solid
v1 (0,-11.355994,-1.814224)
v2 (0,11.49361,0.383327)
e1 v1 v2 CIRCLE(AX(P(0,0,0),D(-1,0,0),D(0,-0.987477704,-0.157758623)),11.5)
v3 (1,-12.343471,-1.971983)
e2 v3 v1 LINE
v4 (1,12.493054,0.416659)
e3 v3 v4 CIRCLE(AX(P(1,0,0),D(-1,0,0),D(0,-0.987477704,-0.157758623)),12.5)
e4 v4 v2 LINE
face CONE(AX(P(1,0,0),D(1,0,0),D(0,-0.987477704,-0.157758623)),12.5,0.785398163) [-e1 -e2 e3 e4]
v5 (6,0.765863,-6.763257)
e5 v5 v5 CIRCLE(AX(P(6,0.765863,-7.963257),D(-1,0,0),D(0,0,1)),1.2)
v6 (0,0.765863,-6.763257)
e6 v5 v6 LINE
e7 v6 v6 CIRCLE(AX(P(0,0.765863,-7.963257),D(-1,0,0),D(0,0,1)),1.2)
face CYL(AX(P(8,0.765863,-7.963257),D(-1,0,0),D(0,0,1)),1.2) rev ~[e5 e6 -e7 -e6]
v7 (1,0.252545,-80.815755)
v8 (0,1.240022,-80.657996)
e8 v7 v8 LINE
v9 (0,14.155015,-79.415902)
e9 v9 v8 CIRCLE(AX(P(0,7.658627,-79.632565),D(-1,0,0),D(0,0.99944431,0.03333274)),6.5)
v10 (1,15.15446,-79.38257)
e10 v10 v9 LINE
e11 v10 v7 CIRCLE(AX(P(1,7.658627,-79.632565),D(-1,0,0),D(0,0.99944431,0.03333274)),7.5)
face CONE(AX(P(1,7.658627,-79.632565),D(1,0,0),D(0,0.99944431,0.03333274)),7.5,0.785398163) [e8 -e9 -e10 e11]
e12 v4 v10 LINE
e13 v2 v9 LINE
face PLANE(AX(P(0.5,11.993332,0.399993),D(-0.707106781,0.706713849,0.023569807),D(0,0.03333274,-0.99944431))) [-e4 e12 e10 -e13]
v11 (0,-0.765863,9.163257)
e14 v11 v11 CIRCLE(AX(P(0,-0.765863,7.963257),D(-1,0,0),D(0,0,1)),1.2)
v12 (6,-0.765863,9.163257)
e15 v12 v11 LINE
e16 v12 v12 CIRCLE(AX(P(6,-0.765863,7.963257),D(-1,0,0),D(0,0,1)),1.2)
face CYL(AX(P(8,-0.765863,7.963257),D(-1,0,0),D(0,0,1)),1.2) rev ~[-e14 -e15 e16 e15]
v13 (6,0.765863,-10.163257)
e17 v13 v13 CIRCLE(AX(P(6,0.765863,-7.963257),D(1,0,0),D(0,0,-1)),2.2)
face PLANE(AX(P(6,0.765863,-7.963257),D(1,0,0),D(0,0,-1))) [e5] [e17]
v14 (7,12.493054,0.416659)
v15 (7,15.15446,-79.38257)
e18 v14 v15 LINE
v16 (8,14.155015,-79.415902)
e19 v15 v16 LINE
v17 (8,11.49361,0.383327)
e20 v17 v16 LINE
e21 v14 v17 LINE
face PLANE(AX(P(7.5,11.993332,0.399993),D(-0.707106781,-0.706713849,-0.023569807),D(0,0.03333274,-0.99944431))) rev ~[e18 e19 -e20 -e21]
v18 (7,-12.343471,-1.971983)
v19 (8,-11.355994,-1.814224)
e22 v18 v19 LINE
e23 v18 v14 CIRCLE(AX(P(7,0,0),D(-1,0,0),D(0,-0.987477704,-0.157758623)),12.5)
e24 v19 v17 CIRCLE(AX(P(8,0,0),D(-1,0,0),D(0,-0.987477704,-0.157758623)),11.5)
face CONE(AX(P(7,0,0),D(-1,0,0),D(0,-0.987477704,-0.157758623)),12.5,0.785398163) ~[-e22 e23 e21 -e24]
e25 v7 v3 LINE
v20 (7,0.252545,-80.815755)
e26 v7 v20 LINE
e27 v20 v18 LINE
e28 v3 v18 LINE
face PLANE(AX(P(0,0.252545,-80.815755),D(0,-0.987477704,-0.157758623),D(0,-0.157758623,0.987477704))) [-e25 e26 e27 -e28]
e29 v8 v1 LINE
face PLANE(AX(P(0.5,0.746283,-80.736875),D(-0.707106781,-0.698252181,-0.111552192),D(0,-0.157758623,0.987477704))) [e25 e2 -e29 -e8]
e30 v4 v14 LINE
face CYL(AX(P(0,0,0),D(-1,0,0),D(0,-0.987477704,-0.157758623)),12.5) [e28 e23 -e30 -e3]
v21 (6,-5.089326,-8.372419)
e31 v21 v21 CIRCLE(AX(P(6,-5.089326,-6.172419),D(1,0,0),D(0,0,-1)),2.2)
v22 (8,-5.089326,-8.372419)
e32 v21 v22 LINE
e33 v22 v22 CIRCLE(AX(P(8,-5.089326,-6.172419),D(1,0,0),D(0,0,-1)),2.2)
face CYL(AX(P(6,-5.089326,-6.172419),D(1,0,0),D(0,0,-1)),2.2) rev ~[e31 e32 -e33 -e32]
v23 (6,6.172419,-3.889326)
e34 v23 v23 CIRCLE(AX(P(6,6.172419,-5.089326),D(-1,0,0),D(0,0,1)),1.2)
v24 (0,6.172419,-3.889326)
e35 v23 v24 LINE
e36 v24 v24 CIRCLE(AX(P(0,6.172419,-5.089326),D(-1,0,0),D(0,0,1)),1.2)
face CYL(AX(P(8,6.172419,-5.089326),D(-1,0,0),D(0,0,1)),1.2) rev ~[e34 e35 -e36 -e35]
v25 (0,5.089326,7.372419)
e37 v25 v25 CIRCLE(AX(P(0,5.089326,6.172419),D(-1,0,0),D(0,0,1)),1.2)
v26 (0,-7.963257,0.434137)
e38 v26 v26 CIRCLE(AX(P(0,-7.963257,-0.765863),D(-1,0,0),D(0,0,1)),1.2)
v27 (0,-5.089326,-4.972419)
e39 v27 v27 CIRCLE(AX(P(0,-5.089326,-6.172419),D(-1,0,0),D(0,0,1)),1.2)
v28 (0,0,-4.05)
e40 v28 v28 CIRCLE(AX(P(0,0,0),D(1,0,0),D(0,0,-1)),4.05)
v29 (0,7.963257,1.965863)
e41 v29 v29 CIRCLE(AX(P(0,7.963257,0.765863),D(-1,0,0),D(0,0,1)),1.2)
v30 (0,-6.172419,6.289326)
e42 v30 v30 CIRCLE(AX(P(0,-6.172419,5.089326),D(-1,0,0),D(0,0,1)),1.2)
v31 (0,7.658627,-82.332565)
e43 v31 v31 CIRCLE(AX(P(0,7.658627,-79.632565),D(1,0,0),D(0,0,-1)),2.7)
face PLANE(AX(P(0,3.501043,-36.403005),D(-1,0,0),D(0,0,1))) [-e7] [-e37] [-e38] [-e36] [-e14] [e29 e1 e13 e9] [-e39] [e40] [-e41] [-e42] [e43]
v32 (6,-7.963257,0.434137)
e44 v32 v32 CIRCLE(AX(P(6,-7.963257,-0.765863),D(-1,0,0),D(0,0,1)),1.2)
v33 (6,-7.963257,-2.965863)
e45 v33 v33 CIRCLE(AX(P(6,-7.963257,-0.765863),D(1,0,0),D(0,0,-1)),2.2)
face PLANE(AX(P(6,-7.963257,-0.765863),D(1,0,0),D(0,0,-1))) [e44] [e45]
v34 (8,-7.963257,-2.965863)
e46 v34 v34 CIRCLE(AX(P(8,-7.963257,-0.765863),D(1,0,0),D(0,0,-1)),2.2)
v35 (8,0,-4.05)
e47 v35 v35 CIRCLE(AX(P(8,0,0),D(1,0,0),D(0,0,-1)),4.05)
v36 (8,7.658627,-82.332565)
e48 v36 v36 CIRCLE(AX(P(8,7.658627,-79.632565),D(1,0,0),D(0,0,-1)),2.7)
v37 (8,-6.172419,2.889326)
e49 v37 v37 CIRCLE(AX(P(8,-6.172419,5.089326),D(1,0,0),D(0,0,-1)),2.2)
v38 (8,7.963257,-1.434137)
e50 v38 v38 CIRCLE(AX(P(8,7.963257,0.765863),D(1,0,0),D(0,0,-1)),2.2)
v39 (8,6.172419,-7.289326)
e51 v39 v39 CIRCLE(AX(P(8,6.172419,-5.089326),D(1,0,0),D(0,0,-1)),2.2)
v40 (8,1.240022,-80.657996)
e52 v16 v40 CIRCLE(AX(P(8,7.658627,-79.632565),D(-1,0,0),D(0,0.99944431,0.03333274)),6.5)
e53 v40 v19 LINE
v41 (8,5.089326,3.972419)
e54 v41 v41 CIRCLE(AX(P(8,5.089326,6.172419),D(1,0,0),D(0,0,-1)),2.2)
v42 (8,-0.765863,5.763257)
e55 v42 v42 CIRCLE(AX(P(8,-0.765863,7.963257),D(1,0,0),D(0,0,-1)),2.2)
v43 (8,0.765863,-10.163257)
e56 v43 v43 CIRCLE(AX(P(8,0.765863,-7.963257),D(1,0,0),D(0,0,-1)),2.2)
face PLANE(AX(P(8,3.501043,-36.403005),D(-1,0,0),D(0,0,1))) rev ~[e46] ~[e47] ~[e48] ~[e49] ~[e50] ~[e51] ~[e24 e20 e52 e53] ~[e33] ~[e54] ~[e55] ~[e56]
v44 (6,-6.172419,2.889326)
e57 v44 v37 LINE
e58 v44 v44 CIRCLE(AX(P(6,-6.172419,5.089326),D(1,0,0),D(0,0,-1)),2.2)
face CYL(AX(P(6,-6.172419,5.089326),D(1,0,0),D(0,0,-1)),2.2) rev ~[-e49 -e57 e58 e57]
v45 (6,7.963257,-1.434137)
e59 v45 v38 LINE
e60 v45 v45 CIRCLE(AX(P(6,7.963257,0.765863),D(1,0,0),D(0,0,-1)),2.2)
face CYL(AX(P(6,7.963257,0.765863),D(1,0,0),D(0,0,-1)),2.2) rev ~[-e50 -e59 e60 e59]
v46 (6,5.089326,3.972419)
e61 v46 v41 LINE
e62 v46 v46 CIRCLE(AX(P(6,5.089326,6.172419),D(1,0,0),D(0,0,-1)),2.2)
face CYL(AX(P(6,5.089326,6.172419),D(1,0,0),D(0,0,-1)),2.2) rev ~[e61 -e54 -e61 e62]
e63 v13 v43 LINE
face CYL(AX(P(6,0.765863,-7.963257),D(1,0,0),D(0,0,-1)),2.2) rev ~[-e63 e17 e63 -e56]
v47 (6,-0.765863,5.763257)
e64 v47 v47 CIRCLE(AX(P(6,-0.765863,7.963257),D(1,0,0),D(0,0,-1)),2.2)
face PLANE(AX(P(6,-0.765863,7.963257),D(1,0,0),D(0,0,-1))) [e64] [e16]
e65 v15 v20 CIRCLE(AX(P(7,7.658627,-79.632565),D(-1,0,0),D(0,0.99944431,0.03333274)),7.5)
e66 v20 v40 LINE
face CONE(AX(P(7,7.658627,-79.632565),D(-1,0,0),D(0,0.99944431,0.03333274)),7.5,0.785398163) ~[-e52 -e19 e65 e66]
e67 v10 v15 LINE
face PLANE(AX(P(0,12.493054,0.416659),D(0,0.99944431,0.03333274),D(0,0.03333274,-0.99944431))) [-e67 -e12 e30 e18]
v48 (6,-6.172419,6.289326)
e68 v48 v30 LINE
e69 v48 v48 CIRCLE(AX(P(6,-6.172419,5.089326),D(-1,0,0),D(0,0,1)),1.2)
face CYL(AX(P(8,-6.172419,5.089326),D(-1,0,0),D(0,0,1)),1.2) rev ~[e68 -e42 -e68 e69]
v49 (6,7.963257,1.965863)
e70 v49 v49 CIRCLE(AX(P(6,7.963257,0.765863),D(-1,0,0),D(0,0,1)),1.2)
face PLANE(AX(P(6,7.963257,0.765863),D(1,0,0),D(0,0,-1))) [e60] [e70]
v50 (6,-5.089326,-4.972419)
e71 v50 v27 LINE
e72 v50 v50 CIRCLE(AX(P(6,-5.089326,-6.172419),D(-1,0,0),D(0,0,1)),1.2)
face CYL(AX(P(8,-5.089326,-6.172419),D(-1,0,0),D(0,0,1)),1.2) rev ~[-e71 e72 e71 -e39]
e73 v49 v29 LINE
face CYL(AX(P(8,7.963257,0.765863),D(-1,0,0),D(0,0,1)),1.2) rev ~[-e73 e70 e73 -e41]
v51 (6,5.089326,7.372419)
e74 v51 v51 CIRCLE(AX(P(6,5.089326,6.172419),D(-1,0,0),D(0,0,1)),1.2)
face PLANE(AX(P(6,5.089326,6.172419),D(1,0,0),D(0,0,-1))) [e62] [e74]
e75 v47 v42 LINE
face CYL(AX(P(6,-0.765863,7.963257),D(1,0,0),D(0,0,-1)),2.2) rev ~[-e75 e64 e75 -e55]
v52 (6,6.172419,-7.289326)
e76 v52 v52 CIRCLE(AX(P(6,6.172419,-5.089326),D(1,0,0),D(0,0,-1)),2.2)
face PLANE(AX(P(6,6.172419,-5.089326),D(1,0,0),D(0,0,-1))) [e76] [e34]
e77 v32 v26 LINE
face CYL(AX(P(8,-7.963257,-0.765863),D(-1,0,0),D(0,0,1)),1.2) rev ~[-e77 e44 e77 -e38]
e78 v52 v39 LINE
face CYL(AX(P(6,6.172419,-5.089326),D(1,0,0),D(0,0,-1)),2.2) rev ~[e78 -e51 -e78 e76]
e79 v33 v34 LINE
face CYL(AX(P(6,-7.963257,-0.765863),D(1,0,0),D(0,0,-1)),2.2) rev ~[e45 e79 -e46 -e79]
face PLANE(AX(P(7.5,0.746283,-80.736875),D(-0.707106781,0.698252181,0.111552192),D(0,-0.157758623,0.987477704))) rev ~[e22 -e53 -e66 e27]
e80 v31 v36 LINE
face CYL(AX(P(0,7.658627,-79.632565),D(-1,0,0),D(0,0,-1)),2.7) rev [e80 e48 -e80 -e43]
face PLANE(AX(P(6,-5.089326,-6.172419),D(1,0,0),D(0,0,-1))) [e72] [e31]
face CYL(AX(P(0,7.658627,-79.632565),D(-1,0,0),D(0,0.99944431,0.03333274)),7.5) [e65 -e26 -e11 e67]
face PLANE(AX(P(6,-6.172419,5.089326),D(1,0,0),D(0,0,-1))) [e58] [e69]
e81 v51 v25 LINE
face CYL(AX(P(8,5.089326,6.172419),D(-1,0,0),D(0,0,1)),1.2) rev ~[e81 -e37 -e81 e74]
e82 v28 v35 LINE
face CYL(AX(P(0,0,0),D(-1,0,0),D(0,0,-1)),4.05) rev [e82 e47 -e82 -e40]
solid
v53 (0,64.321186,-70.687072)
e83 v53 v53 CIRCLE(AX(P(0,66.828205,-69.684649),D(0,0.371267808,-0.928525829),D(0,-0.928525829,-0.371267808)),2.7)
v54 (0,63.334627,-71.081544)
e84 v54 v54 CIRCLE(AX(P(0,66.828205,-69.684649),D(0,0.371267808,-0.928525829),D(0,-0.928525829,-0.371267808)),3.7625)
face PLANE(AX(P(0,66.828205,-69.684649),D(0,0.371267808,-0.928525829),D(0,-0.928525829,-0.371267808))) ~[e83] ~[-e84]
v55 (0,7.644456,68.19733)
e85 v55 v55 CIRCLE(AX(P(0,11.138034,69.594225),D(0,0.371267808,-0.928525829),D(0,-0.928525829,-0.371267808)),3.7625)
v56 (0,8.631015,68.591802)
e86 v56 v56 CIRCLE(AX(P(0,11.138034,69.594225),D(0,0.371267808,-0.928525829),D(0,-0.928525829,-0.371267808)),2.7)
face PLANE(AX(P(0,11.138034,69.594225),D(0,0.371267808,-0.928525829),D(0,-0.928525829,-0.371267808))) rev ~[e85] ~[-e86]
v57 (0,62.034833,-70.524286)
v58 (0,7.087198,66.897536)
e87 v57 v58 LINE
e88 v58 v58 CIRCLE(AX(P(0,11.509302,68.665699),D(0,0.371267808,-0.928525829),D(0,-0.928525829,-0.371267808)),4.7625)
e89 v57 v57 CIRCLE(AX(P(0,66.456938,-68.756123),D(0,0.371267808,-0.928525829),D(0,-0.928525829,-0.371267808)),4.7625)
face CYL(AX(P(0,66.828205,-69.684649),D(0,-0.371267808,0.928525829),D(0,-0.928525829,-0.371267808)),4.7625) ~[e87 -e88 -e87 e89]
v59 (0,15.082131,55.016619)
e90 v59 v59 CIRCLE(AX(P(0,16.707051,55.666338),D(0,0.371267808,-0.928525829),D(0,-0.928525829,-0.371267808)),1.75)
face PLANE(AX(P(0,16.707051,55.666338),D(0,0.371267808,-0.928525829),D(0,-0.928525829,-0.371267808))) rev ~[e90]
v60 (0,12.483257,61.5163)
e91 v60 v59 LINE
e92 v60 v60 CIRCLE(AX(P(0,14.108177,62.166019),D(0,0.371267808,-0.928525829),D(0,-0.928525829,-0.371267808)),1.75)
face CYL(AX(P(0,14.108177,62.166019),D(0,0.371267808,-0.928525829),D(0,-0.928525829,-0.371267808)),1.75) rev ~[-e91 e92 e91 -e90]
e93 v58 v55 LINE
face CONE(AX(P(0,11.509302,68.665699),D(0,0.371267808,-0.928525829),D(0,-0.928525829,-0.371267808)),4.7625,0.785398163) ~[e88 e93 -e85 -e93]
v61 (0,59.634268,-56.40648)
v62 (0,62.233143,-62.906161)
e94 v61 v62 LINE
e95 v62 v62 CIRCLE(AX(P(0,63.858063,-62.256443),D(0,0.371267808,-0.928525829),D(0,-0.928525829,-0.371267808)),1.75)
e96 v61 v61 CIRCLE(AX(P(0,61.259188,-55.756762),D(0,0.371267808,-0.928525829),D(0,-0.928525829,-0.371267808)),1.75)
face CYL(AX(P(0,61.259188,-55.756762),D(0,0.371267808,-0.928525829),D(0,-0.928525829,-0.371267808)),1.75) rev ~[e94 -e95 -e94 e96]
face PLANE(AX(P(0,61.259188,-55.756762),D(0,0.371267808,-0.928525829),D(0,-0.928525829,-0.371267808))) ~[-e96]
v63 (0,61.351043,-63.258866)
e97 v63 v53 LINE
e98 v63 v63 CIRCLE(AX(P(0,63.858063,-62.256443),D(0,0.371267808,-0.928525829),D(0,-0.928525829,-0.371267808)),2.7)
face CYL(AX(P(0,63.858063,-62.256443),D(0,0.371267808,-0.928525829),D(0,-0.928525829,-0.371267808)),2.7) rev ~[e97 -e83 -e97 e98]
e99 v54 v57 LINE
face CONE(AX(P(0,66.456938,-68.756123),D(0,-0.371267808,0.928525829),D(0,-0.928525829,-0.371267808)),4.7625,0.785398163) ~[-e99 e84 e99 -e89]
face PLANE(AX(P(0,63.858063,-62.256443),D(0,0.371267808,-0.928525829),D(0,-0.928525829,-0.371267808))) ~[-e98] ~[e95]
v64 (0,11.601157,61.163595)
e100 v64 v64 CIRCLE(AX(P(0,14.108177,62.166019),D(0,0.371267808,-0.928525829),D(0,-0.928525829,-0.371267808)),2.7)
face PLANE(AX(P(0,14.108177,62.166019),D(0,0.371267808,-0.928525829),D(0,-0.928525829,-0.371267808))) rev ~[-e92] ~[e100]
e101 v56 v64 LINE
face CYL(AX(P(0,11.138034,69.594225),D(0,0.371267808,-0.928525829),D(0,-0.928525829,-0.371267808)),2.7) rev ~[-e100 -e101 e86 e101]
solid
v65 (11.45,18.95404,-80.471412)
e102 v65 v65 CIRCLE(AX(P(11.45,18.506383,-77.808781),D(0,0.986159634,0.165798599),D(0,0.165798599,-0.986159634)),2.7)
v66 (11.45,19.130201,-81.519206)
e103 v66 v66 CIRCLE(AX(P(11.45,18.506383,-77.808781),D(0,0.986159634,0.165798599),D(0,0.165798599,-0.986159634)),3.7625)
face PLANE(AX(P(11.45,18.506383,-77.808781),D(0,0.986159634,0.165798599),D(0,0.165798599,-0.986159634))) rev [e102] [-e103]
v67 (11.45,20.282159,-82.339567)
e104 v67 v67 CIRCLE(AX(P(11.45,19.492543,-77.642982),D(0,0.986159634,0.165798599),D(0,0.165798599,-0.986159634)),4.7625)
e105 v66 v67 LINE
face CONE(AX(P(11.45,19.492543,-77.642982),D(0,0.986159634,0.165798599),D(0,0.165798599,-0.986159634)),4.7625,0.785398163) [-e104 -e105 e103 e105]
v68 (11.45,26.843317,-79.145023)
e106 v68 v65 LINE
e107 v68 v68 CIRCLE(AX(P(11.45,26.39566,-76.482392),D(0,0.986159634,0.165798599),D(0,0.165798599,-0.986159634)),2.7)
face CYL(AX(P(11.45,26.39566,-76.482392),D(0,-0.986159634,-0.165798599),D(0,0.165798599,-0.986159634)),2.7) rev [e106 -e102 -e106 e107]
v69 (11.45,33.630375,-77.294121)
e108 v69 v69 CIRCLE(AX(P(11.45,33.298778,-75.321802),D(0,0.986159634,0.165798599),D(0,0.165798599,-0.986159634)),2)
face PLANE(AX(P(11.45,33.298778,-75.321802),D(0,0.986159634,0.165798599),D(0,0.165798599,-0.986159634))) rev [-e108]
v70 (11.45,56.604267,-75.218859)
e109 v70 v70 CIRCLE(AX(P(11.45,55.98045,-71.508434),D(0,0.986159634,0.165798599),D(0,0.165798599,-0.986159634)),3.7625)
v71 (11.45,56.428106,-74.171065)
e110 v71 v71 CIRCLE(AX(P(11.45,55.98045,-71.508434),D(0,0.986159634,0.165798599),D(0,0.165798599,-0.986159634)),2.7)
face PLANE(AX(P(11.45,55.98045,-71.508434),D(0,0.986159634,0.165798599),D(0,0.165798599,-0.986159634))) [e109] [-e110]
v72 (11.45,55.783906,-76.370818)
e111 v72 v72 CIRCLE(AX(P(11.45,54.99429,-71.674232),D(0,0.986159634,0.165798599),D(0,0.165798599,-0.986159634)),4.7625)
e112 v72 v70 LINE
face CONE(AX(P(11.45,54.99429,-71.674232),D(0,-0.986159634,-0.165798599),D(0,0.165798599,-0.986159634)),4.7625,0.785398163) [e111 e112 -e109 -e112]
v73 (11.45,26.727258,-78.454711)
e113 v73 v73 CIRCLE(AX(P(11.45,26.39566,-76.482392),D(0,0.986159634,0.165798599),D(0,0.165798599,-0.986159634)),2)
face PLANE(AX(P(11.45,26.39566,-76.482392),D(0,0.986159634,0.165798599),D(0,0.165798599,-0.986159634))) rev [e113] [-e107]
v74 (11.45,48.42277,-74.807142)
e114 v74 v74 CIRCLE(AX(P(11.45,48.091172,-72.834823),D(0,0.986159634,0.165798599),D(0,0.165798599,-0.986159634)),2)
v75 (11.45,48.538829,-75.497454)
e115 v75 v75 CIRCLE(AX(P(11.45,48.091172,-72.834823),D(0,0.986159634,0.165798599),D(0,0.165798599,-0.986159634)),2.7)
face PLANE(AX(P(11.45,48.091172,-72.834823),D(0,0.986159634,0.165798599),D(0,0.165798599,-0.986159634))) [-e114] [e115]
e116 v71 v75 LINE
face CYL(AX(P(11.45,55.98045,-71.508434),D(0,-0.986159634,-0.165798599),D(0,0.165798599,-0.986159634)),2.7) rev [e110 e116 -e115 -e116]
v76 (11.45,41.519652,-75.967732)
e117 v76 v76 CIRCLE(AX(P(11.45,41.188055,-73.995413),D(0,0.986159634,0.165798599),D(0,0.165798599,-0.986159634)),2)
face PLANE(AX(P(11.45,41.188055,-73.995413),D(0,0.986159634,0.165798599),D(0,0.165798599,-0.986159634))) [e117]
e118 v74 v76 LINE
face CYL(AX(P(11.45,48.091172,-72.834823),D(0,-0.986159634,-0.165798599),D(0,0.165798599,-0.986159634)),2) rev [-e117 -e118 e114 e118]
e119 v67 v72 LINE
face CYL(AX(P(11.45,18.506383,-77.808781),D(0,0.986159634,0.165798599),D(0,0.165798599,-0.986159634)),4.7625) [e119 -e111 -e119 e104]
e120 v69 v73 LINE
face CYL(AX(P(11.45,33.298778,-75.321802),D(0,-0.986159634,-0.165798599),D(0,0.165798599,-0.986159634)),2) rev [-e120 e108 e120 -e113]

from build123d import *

# Parameters (mm, degrees)
SKETCH2_R                      = 4.05
SKETCH2_R_2                    = 2.7
BOSS_EXTRUDE1_DEPTH            = 8
CBORE_FOR_M2_SHCS1_D           = 2.4
CBORE_FOR_M2_SHCS1_CBORE_D     = 4.4
CBORE_FOR_M2_SHCS1_CBORE_DEPTH = 2
CHAMFER2_SIZE                  = 1
CHAMFER1_SIZE                  = 1
CHAMFER3_SIZE                  = 1


with BuildPart() as part:
    # Sketch2 → Boss-Extrude1 (new body)
    with BuildSketch(Plane(origin=(0, 0, 0), x_dir=(0, 0, -1), z_dir=(1, 0, 0))):
        with BuildLine():
            Line((-0.41665925, 12.493053873), (79.38256956, 15.154459739))
            ThreePointArc((79.38256956, 15.154459739), (87.09811809, 8.376623735), (80.815754783, 0.252544632))
            Line((80.815754783, 0.252544632), (1.971982788, -12.343471306))
            ThreePointArc((1.971982788, -12.343471306), (-12.442588299, -1.196660534), (-0.41665925, 12.493053873))
        make_face()
        Circle(SKETCH2_R, mode=Mode.SUBTRACT)
        with Locations((79.632565111, 7.658627415)):
            Circle(SKETCH2_R_2, mode=Mode.SUBTRACT)
    extrude(amount=BOSS_EXTRUDE1_DEPTH)

    # CBORE for M2 SHCS1 (through all)
    with Locations(Plane(origin=(8, 0, 0), x_dir=(0, 0, -1), z_dir=(1, 0, 0))):
        with Locations((7.963256511, 0.765862742), (6.172419417, -5.089325941), (0.765862742, -7.963256511), (-5.089325941, -6.172419417), (-7.963256511, -0.765862742), (-6.172419417, 5.089325941), (-0.765862742, 7.963256511), (5.089325941, 6.172419417)):
            CounterBoreHole(CBORE_FOR_M2_SHCS1_D / 2, CBORE_FOR_M2_SHCS1_CBORE_D / 2, CBORE_FOR_M2_SHCS1_CBORE_DEPTH)

    # Chamfer1
    chamfer1_edges = [part.edges().sort_by_distance(p)[0] for p in [
        (8, 8.376623735, -87.09811809),
        (8, 13.823756806, -39.482955155),
        (8, -1.196660534, 12.442588299),
        (0, 13.823756806, -39.482955155),
        (0, 8.376623735, -87.09811809),
        (0, -6.045463337, -41.393868786),
        (0, -1.196660534, 12.442588299),
        (8, -6.045463337, -41.393868786),
    ]]
    chamfer(chamfer1_edges, length=CHAMFER1_SIZE)


with BuildPart() as body_2:
    # Sketch7 → Revolve1 (revolve)
    with BuildSketch(Plane(origin=(0, 13.230763187, -78.695746899), x_dir=(1, 0, 0), z_dir=(0, -0.16579859905604952, 0.9861596344157731)), mode=Mode.PRIVATE) as revolve1_sk:
        Polygon((11.45, 20.349661477), (13.45, 20.349661477), (13.45, 13.349661477), (14.15, 13.349661477), (14.15, 5.349661477), (16.2125, 5.349661477), (16.2125, 43.349661477), (14.15, 43.349661477), (14.15, 35.349661477), (13.45, 35.349661477), (13.45, 28.349661477), (11.45, 28.349661477), align=None)
    revolve(revolve1_sk.sketch.rotate(Axis((11.45, 7.658627415, -79.632565111), (0, 0.9861596344157731, 0.16579859905604957)), 90), axis=Axis((11.45, 7.658627415, -79.632565111), (0, 0.9861596344157731, 0.16579859905604957)))

    # Chamfer2
    chamfer2_edges = [body_2.edges().sort_by_distance(p)[0] for p in [
        (11.45, 55.190833674, -66.811848498),
        (11.45, 17.716767566, -73.112195262),
    ]]
    chamfer(chamfer2_edges, length=CHAMFER2_SIZE)


with BuildPart() as body_3:
    # Sketch8 → Revolve2 (revolve)
    with BuildSketch(Plane(origin=(0, 33.59410897, 13.432487089), x_dir=(0, 0.3712678082232227, -0.928525828707594), z_dir=(0, -0.9285258287075941, -0.37126780822322275)), mode=Mode.PRIVATE) as revolve2_sk:
        Polygon((-45.484842008, 0), (74.515157992, 0), (74.515157992, 1.75), (81.515157992, 1.75), (81.515157992, 2.7), (89.515157992, 2.7), (89.515157992, 4.7625), (-60.484842008, 4.7625), (-60.484842008, 2.7), (-52.484842008, 2.7), (-52.484842008, 1.75), (-45.484842008, 1.75), align=None)
    revolve(revolve2_sk.sketch.rotate(Axis((0, 0, 97.45), (0, 0.37126780822322275, -0.9285258287075941)), 90), axis=Axis((0, 0, 97.45), (0, 0.37126780822322275, -0.9285258287075941)))

    # Chamfer3
    chamfer3_edges = [body_3.edges().sort_by_distance(p)[0] for p in [
        (0, 71.250309739, -67.916486231),
        (0, 15.560138506, 71.362388075),
    ]]
    chamfer(chamfer3_edges, length=CHAMFER3_SIZE)


solid = Compound([part.part, body_2.part, body_3.part])
